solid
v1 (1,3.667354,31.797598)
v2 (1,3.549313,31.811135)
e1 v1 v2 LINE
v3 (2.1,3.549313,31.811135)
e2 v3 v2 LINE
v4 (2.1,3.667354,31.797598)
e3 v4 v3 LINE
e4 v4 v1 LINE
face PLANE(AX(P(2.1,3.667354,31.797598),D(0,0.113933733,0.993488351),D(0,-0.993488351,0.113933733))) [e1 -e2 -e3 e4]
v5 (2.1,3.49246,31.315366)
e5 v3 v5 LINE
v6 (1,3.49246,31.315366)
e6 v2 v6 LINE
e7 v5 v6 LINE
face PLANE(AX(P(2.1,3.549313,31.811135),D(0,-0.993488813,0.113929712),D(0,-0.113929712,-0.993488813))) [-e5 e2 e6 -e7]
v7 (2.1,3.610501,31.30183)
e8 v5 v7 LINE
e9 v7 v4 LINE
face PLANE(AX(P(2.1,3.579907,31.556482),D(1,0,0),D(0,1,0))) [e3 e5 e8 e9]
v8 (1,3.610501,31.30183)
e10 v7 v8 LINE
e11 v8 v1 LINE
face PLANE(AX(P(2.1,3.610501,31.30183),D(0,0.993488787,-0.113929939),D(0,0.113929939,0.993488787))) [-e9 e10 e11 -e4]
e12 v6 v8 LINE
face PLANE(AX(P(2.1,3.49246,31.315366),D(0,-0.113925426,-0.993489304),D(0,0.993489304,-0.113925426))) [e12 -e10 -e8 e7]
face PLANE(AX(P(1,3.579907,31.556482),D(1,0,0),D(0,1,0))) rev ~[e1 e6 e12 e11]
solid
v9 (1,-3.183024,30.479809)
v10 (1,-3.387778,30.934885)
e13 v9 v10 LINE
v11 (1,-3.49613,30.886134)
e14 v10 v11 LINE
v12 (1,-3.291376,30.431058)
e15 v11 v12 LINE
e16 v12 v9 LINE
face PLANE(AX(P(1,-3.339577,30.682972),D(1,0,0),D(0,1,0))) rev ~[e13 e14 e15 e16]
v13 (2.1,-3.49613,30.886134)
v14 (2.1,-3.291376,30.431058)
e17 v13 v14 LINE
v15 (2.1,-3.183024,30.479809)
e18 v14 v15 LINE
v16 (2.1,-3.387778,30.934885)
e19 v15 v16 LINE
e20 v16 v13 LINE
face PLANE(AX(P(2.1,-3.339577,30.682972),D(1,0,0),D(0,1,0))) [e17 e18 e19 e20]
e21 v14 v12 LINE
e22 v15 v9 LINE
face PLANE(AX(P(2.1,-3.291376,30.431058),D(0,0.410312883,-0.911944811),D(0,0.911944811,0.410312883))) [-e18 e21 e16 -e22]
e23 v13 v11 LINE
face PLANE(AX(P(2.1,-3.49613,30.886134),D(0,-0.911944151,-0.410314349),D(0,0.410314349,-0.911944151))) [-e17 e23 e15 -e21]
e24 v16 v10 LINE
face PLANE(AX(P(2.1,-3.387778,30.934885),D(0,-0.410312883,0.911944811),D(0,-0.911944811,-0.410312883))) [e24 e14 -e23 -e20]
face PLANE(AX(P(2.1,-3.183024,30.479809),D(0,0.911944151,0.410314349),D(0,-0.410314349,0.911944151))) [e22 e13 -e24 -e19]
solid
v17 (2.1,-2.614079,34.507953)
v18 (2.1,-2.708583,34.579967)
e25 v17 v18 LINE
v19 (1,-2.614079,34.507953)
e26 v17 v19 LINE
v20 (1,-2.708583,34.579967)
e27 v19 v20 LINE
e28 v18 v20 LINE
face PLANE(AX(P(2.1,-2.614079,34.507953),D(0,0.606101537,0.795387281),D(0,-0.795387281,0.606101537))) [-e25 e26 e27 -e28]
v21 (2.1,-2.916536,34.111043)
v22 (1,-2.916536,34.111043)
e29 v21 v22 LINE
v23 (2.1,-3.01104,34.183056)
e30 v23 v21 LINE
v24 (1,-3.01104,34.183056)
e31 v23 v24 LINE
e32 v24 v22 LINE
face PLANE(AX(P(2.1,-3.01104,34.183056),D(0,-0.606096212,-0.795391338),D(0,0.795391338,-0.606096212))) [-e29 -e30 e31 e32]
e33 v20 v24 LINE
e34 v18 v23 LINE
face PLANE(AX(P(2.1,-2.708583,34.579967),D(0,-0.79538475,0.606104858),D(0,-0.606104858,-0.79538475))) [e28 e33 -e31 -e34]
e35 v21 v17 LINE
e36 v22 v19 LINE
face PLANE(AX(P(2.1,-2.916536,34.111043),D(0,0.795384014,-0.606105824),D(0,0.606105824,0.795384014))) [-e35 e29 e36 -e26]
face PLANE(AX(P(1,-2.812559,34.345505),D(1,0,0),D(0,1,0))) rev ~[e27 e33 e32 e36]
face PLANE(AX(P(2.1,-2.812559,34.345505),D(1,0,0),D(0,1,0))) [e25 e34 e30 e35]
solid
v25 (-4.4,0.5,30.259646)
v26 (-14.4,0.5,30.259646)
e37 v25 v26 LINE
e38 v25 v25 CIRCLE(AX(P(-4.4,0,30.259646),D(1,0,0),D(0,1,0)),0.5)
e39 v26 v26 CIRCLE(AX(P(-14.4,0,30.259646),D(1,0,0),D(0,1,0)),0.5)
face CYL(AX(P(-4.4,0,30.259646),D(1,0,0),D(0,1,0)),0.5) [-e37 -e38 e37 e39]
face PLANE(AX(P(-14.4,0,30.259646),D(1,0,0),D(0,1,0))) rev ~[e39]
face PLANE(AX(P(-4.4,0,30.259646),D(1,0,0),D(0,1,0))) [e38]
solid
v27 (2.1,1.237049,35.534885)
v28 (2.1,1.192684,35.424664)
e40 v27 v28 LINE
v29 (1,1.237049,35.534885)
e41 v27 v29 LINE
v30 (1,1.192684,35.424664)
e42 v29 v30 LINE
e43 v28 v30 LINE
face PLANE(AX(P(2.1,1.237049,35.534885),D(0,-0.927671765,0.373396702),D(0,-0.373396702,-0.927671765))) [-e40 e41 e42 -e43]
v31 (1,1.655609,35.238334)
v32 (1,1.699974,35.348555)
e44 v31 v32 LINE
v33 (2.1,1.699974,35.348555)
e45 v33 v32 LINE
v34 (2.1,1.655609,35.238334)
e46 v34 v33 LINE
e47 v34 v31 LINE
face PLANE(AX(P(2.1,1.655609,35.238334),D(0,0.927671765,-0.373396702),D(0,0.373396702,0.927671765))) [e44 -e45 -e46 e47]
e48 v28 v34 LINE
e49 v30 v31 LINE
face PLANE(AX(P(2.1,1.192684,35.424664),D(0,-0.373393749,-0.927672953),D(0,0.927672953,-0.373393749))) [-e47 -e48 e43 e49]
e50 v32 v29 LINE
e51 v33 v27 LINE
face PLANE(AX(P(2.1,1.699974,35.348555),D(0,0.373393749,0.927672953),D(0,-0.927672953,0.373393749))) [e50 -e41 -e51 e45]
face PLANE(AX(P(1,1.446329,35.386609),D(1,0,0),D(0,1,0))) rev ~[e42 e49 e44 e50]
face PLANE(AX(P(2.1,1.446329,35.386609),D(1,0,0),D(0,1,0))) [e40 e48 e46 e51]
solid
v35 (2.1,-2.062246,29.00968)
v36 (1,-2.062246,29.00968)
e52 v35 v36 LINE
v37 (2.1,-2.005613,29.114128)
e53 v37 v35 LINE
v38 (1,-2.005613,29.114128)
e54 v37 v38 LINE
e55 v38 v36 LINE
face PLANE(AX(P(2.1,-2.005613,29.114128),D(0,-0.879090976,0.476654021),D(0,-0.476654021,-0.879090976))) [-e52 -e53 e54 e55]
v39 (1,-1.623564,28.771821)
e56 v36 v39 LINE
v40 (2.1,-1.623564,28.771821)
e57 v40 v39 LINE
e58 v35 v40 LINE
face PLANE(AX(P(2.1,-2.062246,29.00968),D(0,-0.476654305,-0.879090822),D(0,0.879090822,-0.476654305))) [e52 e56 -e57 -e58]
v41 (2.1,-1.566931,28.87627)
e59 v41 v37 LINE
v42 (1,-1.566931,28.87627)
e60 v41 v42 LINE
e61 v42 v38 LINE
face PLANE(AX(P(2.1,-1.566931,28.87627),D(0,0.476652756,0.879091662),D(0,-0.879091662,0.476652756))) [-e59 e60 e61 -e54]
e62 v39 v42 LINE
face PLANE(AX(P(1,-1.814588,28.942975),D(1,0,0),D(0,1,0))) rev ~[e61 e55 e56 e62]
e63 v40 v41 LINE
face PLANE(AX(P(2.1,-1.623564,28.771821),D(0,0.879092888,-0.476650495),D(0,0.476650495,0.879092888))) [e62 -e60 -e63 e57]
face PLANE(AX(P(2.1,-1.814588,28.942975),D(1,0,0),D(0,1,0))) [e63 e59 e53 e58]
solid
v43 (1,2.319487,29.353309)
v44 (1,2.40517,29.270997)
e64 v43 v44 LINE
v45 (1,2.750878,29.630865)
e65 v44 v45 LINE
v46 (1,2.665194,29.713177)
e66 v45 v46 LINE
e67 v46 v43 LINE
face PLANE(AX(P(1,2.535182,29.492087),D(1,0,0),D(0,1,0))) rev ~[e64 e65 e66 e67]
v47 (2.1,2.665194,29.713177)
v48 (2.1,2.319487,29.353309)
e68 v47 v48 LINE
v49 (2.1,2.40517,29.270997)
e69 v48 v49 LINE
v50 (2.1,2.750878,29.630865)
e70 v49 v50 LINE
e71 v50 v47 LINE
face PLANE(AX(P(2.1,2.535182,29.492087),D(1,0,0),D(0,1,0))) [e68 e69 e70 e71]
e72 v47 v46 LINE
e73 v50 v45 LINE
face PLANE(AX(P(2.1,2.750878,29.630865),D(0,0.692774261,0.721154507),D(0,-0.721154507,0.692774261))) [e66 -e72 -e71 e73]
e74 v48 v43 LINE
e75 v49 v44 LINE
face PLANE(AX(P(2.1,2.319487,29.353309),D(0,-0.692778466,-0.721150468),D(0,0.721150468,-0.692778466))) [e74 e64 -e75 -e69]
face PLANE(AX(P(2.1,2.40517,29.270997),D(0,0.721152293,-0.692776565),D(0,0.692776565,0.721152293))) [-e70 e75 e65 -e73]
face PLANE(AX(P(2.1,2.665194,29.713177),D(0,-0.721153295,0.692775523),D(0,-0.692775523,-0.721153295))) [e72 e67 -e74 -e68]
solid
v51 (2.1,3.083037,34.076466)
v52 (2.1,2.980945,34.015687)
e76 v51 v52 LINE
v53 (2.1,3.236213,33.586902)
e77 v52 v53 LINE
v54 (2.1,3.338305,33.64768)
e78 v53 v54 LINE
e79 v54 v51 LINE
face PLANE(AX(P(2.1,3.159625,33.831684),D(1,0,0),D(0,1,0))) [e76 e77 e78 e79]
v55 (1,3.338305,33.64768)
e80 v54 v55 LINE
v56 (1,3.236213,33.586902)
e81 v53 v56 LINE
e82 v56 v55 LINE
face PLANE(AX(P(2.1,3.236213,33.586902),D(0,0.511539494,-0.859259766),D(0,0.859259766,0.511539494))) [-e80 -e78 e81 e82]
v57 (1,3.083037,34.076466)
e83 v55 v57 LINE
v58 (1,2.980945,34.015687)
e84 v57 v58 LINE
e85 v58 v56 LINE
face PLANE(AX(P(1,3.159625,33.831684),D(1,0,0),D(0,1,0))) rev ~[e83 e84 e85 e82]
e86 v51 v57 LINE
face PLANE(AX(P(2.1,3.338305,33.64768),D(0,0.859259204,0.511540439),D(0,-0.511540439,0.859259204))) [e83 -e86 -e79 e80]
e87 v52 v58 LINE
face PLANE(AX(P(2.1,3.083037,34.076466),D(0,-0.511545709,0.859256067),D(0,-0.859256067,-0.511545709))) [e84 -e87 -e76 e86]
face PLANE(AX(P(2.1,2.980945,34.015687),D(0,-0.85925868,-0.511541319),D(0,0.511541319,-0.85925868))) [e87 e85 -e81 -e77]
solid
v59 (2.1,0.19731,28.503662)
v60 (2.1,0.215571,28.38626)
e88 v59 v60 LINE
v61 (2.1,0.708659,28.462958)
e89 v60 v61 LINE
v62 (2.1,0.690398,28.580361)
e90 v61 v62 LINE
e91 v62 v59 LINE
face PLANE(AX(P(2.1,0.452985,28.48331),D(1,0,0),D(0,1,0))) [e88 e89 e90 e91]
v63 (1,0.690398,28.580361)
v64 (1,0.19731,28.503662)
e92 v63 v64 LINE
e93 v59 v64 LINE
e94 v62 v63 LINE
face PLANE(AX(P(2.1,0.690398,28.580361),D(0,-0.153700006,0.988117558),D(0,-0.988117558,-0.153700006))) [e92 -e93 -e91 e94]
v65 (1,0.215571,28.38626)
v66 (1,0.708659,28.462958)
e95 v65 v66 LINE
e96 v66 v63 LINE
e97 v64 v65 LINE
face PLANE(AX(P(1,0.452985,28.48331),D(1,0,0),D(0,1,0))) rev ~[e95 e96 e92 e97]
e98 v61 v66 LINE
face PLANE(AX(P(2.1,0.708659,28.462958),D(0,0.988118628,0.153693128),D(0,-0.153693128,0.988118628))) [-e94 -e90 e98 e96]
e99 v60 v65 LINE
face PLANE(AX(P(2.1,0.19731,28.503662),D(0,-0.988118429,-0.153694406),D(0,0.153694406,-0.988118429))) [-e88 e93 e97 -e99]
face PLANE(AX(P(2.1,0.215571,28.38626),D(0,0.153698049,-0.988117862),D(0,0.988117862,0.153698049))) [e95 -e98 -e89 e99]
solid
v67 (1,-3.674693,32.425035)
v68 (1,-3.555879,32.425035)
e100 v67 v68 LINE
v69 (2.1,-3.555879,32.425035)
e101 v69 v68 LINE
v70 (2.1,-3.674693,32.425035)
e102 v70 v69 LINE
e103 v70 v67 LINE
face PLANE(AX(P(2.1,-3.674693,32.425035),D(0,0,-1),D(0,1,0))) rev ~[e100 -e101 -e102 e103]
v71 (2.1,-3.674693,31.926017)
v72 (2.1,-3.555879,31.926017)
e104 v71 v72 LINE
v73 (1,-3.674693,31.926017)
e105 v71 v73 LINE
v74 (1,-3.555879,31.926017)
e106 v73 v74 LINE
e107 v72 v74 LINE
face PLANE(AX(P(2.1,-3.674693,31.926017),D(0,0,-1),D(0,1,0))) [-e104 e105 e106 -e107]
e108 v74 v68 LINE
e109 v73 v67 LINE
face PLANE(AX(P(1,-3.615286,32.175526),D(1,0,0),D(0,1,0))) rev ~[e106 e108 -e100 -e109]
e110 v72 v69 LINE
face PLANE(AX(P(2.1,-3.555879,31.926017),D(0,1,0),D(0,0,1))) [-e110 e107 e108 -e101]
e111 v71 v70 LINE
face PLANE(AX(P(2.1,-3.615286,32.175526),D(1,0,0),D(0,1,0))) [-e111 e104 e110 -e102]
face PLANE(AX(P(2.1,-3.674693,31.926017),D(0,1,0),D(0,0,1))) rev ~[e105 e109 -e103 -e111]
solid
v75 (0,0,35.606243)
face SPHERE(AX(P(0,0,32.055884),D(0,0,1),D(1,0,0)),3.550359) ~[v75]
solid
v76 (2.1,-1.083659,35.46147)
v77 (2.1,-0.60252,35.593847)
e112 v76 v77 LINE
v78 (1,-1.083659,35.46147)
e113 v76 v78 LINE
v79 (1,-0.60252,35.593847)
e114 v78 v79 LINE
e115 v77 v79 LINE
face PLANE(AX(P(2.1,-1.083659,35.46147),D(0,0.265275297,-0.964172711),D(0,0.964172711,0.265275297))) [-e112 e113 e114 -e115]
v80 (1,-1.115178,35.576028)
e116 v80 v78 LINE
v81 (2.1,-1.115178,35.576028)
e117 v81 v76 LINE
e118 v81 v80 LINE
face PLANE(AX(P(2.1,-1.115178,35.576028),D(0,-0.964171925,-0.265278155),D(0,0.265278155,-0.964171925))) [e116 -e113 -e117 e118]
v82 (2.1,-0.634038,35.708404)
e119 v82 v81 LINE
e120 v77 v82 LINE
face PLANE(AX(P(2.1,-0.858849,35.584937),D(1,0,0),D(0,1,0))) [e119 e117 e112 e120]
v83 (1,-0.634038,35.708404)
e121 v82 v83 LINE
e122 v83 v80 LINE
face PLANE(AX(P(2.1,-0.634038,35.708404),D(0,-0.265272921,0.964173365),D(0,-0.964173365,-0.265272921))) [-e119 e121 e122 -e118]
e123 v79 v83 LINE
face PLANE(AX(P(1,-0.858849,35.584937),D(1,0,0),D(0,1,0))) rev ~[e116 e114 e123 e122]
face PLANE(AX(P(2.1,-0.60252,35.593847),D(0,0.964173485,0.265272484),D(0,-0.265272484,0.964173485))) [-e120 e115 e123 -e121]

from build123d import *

# Parameters (mm, degrees)
F3_R     = 0.5
F4_DEPTH = 10
F8_W     = 0.118814
F8_H     = 0.499018
F9_DEPTH = 1.1


with BuildPart() as f1:
    # F0 (on Front) → F1 (revolve)
    with BuildSketch(Plane.XZ):
        with BuildLine():
            ThreePointArc((0, 28.505525), (3.550359, 32.055884), (0, 35.606243))
            Line((0, 35.606243), (0, 28.505525))
        make_face()
    revolve(axis=Axis((0, 0, 32.055884), (0, 0, -1)))


with BuildPart() as f4:
    # F3 (on offset) → F4 (new body)
    with BuildSketch(Plane.YZ.offset(-4.4)):
        with Locations((0, 30.259646)):
            Circle(F3_R)
    extrude(amount=-F4_DEPTH)


with BuildPart() as f9:
    # F8 (on offset) → F9 (new body)
    with BuildSketch(Plane.YZ.offset(2.1)):
        with Locations((-3.615286, 32.175526)):
            Rectangle(F8_W, F8_H)
        Polygon((-2.614079, 34.507953), (-2.708583, 34.579967), (-3.01104, 34.183056), (-2.916536, 34.111043), align=None)
        Polygon((-0.60252, 35.593847), (-0.634038, 35.708404), (-1.115178, 35.576028), (-1.083659, 35.46147), align=None)
        Polygon((1.655609, 35.238334), (1.699974, 35.348555), (1.237049, 35.534885), (1.192684, 35.424664), align=None)
        Polygon((3.236213, 33.586902), (3.338305, 33.64768), (3.083037, 34.076466), (2.980945, 34.015687), align=None)
        Polygon((3.49246, 31.315366), (3.610501, 31.30183), (3.667354, 31.797598), (3.549313, 31.811135), align=None)
        Polygon((2.319487, 29.353309), (2.40517, 29.270997), (2.750878, 29.630865), (2.665194, 29.713177), align=None)
        Polygon((0.19731, 28.503662), (0.215571, 28.38626), (0.708659, 28.462958), (0.690398, 28.580361), align=None)
        Polygon((-2.005613, 29.114128), (-2.062246, 29.00968), (-1.623564, 28.771821), (-1.566931, 28.87627), align=None)
        Polygon((-3.387778, 30.934885), (-3.49613, 30.886134), (-3.291376, 30.431058), (-3.183024, 30.479809), align=None)
    extrude(amount=-F9_DEPTH)


solid = Compound([f1.part, f4.part, f9.part])
